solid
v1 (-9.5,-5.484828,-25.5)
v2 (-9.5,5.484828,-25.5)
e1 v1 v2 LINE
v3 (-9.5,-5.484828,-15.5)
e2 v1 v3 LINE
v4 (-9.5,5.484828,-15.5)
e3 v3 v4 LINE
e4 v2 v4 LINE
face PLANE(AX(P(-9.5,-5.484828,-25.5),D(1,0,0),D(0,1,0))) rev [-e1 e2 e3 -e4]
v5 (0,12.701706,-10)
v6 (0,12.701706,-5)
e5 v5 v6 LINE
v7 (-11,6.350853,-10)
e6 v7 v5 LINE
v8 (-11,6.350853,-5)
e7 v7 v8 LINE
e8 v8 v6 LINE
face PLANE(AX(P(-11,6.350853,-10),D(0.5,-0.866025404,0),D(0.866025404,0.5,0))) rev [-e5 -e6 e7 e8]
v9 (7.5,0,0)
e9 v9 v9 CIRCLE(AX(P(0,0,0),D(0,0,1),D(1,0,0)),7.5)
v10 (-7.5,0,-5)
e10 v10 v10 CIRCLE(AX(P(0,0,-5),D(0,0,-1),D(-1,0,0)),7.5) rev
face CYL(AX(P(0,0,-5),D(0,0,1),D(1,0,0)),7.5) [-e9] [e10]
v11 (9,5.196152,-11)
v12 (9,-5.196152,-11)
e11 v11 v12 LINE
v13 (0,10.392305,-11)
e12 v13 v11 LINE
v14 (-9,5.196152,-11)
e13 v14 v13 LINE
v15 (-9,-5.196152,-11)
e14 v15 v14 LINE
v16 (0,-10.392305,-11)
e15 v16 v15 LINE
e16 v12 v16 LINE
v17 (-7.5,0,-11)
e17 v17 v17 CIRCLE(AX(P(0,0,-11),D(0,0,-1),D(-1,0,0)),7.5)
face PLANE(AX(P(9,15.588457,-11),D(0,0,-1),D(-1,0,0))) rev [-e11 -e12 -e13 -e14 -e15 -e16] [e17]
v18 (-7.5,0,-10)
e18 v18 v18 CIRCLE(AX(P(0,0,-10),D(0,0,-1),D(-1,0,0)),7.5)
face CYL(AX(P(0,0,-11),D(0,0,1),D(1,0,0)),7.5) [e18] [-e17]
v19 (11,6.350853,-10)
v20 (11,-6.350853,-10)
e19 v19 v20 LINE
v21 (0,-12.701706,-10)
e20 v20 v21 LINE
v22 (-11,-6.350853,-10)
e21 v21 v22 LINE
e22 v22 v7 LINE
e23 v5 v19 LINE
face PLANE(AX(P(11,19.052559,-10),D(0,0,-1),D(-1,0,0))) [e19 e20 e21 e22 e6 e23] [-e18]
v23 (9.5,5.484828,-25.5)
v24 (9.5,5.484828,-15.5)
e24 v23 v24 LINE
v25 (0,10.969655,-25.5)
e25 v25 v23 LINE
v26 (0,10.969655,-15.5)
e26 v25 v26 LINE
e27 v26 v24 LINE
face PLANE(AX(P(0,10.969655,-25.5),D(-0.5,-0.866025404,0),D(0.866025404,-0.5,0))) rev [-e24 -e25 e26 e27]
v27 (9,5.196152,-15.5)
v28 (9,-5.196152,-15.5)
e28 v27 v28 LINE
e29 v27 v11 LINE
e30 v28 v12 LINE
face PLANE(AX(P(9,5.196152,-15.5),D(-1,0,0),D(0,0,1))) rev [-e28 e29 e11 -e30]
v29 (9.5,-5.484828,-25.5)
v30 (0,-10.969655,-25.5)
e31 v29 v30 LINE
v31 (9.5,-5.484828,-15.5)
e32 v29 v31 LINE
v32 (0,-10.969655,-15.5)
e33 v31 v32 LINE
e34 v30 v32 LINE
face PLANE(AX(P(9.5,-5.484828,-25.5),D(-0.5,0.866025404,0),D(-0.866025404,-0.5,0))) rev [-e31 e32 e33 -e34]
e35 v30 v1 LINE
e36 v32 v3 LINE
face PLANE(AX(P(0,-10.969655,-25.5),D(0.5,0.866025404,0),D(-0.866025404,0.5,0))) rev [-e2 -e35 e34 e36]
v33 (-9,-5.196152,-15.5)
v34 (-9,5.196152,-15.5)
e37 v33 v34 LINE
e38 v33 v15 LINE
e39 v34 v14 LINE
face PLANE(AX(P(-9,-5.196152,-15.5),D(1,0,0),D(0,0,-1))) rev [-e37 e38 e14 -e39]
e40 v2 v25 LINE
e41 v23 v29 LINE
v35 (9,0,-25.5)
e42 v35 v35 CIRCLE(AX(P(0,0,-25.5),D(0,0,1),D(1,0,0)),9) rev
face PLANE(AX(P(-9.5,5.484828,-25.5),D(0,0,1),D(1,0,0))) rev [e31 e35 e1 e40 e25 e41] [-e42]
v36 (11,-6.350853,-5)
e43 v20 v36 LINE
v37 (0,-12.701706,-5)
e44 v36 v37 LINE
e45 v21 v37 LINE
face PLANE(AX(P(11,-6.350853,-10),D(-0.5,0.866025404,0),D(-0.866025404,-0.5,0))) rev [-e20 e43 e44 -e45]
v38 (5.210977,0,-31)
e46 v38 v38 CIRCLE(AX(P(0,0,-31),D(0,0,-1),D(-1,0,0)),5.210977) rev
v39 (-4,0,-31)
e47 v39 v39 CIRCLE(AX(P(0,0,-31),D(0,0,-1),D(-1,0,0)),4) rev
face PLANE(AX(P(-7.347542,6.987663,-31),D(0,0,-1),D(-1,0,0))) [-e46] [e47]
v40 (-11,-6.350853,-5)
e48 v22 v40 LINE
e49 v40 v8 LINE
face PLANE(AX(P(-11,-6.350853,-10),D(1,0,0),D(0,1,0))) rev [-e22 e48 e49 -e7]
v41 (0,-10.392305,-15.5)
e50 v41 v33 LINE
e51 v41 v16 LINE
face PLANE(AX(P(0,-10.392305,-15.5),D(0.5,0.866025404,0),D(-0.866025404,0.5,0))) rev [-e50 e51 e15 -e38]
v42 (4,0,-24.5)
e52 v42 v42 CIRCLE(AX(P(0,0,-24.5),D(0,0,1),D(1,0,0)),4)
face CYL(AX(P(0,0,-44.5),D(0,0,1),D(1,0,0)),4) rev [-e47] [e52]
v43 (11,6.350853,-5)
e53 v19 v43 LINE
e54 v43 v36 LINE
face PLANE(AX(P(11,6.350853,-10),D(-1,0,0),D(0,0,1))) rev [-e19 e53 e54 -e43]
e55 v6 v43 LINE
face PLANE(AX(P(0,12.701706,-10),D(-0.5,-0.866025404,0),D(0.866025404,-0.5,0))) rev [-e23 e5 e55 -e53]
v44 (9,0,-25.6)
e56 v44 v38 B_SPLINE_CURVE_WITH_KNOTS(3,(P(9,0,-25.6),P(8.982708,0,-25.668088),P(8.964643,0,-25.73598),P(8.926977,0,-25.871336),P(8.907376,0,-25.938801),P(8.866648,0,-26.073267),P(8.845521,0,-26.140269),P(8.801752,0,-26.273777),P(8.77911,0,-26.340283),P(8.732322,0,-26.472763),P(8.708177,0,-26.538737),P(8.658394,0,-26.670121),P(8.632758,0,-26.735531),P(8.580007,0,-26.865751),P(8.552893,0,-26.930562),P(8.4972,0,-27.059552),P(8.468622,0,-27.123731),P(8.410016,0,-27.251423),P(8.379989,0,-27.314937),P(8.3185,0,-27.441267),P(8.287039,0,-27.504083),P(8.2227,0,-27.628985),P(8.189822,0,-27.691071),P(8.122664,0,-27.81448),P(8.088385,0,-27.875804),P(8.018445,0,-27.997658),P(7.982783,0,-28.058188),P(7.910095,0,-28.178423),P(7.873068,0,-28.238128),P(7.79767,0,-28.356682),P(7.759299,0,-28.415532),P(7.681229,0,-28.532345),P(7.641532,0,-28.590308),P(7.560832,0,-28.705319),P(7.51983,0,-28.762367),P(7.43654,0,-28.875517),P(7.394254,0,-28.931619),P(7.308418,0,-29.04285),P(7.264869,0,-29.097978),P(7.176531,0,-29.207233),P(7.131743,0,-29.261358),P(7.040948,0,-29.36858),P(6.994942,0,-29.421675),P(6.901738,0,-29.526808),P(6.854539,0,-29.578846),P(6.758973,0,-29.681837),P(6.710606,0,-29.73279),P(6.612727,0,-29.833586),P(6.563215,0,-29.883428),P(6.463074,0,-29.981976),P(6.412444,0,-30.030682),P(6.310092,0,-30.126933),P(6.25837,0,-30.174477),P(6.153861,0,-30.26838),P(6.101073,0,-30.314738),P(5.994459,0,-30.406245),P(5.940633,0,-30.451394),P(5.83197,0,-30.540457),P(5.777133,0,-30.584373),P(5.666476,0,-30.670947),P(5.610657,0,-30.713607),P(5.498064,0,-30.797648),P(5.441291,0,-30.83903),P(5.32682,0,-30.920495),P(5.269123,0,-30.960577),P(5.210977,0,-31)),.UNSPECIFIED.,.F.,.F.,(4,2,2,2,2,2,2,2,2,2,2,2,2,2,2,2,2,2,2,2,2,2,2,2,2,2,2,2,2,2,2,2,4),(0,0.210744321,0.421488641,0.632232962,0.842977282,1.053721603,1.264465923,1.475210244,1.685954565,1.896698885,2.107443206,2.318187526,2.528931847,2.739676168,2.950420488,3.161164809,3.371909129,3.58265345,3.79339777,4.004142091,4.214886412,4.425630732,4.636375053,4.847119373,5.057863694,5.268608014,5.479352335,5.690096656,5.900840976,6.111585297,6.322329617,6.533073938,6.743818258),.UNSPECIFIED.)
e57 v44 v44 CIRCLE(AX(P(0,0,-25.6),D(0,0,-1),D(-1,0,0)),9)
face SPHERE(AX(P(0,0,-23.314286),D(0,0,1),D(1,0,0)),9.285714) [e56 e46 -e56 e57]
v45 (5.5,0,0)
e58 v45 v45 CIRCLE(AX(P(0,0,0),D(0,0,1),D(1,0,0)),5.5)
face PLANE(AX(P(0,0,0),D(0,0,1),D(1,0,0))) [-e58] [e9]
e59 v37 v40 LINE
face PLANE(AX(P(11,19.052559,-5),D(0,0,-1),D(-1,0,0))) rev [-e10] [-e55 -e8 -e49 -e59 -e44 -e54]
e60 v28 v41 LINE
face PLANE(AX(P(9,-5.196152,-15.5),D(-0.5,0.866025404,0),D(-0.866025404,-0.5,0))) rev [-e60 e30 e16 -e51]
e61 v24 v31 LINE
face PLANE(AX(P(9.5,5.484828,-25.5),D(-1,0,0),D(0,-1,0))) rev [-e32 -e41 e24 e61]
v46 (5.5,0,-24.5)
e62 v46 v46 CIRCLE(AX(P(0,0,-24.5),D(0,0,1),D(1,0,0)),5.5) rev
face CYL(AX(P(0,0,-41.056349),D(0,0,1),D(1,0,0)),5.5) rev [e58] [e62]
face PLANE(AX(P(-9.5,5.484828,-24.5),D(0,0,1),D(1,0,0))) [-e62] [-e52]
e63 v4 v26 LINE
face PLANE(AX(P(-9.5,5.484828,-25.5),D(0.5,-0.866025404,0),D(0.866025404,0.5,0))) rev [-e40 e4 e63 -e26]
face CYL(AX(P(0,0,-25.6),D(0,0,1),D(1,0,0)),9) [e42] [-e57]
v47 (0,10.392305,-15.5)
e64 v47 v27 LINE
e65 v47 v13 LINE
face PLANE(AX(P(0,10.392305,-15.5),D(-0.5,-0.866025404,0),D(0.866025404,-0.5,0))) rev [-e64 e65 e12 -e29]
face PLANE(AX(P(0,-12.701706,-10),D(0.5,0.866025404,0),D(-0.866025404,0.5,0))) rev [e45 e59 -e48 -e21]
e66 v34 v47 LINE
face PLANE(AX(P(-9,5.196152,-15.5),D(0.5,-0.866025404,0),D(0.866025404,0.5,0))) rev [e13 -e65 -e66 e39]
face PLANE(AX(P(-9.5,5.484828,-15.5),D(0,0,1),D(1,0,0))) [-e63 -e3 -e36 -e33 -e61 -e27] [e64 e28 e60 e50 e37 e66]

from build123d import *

# Parameters (mm, degrees)
SKETCH_1_R          = 7.5
EXTRUDE_1_DEPTH     = 5
EXTRUDE_2_DEPTH     = 5
SKETCH_3_R          = 7.5
EXTRUDE_3_DEPTH     = 1
EXTRUDE_4_DEPTH     = 4.5
EXTRUDE_5_DEPTH     = 10
SKETCH_6_R          = 9
EXTRUDE_6_DEPTH     = 0.1
DOME_1_FACE_RADIUS  = 9
DOME_1_HEIGHT       = 7
SKETCH_7_R          = 5.5
CUT_EXTRUDE_1_DEPTH = 24.5
SKETCH_8_R          = 4
CUT_EXTRUDE_2_DEPTH = 20
SKETCH_9_W          = 14.275225046
SKETCH_9_H          = 13.315546052
CUT_EXTRUDE_3_DEPTH = 20


with BuildPart() as part:
    # Эскиз1 → Вытянуть1 (new body)
    with BuildSketch(Plane.XY):
        Circle(SKETCH_1_R)
    extrude(amount=-EXTRUDE_1_DEPTH)

    # Эскиз2 → Вытянуть2 (add)
    with BuildSketch(Plane(origin=(0, 0, -5), x_dir=(-1, 0, 0), z_dir=(0, 0, -1))):
        Polygon((0, 12.701705922), (-11, 6.350852961), (-11, -6.350852961), (0, -12.701705922), (11, -6.350852961), (11, 6.350852961), align=None)
    extrude(amount=EXTRUDE_2_DEPTH)

    # Эскиз3 → Вытянуть3 (add)
    with BuildSketch(Plane(origin=(0, 0, -10), x_dir=(-1, 0, 0), z_dir=(0, 0, -1))):
        with Locations(Location((0, 0, 0), (0, 0, 180))):
            Circle(SKETCH_3_R)
    extrude(amount=EXTRUDE_3_DEPTH)

    # Эскиз4 → Вытянуть4 (add)
    with BuildSketch(Plane(origin=(0, 0, -11), x_dir=(-1, 0, 0), z_dir=(0, 0, -1))):
        Polygon((0, 10.392304845), (-9, 5.196152423), (-9, -5.196152423), (0, -10.392304845), (9, -5.196152423), (9, 5.196152423), align=None)
    extrude(amount=EXTRUDE_4_DEPTH)

    # Эскиз5 → Вытянуть5 (add)
    with BuildSketch(Plane(origin=(0, 0, -15.5), x_dir=(-1, 0, 0), z_dir=(0, 0, -1))):
        Polygon((0, 10.969655115), (-9.5, 5.484827557), (-9.5, -5.484827557), (0, -10.969655115), (9.5, -5.484827557), (9.5, 5.484827557), align=None)
    extrude(amount=EXTRUDE_5_DEPTH)

    # Эскиз6 → Вытянуть6 (add)
    with BuildSketch(Plane(origin=(0, 0, -25.5), x_dir=(-1, 0, 0), z_dir=(0, 0, -1))):
        with Locations(Location((0, 0, 0), (0, 0, 180))):
            Circle(SKETCH_6_R)
    extrude(amount=EXTRUDE_6_DEPTH)

    # Купол1: a dome of height H over a round flat face of radius A is a cap of a sphere of radius (A * A + H * H) / (2 * H)
    dome_1_r = (DOME_1_FACE_RADIUS * DOME_1_FACE_RADIUS + DOME_1_HEIGHT * DOME_1_HEIGHT) / (2 * DOME_1_HEIGHT)
    dome_1_base = Plane((0, 0, -25.6), z_dir=(0, 0, -1))
    with Locations(dome_1_base.offset(DOME_1_HEIGHT - dome_1_r)):
        dome_1_ball = Sphere(dome_1_r, mode=Mode.PRIVATE)
    add(split(dome_1_ball, bisect_by=dome_1_base, keep=Keep.TOP, mode=Mode.PRIVATE))

    # Эскиз7 → Вырез-Вытянуть1 (cut)
    with BuildSketch(Plane.XY):
        Circle(SKETCH_7_R)
    extrude(amount=-CUT_EXTRUDE_1_DEPTH, mode=Mode.SUBTRACT)

    # Эскиз8 → Вырез-Вытянуть2 (cut)
    with BuildSketch(Plane.XY.offset(-24.5)):
        Circle(SKETCH_8_R)
    extrude(amount=-CUT_EXTRUDE_2_DEPTH, mode=Mode.SUBTRACT)

    # Эскиз9 → Вырез-Вытянуть3 (cut)
    with BuildSketch(Plane.XY.offset(-31)):
        with Locations((-0.20992978, 0.329889654)):
            Rectangle(SKETCH_9_W, SKETCH_9_H)
    extrude(amount=-CUT_EXTRUDE_3_DEPTH, mode=Mode.SUBTRACT)


solid = part.part
